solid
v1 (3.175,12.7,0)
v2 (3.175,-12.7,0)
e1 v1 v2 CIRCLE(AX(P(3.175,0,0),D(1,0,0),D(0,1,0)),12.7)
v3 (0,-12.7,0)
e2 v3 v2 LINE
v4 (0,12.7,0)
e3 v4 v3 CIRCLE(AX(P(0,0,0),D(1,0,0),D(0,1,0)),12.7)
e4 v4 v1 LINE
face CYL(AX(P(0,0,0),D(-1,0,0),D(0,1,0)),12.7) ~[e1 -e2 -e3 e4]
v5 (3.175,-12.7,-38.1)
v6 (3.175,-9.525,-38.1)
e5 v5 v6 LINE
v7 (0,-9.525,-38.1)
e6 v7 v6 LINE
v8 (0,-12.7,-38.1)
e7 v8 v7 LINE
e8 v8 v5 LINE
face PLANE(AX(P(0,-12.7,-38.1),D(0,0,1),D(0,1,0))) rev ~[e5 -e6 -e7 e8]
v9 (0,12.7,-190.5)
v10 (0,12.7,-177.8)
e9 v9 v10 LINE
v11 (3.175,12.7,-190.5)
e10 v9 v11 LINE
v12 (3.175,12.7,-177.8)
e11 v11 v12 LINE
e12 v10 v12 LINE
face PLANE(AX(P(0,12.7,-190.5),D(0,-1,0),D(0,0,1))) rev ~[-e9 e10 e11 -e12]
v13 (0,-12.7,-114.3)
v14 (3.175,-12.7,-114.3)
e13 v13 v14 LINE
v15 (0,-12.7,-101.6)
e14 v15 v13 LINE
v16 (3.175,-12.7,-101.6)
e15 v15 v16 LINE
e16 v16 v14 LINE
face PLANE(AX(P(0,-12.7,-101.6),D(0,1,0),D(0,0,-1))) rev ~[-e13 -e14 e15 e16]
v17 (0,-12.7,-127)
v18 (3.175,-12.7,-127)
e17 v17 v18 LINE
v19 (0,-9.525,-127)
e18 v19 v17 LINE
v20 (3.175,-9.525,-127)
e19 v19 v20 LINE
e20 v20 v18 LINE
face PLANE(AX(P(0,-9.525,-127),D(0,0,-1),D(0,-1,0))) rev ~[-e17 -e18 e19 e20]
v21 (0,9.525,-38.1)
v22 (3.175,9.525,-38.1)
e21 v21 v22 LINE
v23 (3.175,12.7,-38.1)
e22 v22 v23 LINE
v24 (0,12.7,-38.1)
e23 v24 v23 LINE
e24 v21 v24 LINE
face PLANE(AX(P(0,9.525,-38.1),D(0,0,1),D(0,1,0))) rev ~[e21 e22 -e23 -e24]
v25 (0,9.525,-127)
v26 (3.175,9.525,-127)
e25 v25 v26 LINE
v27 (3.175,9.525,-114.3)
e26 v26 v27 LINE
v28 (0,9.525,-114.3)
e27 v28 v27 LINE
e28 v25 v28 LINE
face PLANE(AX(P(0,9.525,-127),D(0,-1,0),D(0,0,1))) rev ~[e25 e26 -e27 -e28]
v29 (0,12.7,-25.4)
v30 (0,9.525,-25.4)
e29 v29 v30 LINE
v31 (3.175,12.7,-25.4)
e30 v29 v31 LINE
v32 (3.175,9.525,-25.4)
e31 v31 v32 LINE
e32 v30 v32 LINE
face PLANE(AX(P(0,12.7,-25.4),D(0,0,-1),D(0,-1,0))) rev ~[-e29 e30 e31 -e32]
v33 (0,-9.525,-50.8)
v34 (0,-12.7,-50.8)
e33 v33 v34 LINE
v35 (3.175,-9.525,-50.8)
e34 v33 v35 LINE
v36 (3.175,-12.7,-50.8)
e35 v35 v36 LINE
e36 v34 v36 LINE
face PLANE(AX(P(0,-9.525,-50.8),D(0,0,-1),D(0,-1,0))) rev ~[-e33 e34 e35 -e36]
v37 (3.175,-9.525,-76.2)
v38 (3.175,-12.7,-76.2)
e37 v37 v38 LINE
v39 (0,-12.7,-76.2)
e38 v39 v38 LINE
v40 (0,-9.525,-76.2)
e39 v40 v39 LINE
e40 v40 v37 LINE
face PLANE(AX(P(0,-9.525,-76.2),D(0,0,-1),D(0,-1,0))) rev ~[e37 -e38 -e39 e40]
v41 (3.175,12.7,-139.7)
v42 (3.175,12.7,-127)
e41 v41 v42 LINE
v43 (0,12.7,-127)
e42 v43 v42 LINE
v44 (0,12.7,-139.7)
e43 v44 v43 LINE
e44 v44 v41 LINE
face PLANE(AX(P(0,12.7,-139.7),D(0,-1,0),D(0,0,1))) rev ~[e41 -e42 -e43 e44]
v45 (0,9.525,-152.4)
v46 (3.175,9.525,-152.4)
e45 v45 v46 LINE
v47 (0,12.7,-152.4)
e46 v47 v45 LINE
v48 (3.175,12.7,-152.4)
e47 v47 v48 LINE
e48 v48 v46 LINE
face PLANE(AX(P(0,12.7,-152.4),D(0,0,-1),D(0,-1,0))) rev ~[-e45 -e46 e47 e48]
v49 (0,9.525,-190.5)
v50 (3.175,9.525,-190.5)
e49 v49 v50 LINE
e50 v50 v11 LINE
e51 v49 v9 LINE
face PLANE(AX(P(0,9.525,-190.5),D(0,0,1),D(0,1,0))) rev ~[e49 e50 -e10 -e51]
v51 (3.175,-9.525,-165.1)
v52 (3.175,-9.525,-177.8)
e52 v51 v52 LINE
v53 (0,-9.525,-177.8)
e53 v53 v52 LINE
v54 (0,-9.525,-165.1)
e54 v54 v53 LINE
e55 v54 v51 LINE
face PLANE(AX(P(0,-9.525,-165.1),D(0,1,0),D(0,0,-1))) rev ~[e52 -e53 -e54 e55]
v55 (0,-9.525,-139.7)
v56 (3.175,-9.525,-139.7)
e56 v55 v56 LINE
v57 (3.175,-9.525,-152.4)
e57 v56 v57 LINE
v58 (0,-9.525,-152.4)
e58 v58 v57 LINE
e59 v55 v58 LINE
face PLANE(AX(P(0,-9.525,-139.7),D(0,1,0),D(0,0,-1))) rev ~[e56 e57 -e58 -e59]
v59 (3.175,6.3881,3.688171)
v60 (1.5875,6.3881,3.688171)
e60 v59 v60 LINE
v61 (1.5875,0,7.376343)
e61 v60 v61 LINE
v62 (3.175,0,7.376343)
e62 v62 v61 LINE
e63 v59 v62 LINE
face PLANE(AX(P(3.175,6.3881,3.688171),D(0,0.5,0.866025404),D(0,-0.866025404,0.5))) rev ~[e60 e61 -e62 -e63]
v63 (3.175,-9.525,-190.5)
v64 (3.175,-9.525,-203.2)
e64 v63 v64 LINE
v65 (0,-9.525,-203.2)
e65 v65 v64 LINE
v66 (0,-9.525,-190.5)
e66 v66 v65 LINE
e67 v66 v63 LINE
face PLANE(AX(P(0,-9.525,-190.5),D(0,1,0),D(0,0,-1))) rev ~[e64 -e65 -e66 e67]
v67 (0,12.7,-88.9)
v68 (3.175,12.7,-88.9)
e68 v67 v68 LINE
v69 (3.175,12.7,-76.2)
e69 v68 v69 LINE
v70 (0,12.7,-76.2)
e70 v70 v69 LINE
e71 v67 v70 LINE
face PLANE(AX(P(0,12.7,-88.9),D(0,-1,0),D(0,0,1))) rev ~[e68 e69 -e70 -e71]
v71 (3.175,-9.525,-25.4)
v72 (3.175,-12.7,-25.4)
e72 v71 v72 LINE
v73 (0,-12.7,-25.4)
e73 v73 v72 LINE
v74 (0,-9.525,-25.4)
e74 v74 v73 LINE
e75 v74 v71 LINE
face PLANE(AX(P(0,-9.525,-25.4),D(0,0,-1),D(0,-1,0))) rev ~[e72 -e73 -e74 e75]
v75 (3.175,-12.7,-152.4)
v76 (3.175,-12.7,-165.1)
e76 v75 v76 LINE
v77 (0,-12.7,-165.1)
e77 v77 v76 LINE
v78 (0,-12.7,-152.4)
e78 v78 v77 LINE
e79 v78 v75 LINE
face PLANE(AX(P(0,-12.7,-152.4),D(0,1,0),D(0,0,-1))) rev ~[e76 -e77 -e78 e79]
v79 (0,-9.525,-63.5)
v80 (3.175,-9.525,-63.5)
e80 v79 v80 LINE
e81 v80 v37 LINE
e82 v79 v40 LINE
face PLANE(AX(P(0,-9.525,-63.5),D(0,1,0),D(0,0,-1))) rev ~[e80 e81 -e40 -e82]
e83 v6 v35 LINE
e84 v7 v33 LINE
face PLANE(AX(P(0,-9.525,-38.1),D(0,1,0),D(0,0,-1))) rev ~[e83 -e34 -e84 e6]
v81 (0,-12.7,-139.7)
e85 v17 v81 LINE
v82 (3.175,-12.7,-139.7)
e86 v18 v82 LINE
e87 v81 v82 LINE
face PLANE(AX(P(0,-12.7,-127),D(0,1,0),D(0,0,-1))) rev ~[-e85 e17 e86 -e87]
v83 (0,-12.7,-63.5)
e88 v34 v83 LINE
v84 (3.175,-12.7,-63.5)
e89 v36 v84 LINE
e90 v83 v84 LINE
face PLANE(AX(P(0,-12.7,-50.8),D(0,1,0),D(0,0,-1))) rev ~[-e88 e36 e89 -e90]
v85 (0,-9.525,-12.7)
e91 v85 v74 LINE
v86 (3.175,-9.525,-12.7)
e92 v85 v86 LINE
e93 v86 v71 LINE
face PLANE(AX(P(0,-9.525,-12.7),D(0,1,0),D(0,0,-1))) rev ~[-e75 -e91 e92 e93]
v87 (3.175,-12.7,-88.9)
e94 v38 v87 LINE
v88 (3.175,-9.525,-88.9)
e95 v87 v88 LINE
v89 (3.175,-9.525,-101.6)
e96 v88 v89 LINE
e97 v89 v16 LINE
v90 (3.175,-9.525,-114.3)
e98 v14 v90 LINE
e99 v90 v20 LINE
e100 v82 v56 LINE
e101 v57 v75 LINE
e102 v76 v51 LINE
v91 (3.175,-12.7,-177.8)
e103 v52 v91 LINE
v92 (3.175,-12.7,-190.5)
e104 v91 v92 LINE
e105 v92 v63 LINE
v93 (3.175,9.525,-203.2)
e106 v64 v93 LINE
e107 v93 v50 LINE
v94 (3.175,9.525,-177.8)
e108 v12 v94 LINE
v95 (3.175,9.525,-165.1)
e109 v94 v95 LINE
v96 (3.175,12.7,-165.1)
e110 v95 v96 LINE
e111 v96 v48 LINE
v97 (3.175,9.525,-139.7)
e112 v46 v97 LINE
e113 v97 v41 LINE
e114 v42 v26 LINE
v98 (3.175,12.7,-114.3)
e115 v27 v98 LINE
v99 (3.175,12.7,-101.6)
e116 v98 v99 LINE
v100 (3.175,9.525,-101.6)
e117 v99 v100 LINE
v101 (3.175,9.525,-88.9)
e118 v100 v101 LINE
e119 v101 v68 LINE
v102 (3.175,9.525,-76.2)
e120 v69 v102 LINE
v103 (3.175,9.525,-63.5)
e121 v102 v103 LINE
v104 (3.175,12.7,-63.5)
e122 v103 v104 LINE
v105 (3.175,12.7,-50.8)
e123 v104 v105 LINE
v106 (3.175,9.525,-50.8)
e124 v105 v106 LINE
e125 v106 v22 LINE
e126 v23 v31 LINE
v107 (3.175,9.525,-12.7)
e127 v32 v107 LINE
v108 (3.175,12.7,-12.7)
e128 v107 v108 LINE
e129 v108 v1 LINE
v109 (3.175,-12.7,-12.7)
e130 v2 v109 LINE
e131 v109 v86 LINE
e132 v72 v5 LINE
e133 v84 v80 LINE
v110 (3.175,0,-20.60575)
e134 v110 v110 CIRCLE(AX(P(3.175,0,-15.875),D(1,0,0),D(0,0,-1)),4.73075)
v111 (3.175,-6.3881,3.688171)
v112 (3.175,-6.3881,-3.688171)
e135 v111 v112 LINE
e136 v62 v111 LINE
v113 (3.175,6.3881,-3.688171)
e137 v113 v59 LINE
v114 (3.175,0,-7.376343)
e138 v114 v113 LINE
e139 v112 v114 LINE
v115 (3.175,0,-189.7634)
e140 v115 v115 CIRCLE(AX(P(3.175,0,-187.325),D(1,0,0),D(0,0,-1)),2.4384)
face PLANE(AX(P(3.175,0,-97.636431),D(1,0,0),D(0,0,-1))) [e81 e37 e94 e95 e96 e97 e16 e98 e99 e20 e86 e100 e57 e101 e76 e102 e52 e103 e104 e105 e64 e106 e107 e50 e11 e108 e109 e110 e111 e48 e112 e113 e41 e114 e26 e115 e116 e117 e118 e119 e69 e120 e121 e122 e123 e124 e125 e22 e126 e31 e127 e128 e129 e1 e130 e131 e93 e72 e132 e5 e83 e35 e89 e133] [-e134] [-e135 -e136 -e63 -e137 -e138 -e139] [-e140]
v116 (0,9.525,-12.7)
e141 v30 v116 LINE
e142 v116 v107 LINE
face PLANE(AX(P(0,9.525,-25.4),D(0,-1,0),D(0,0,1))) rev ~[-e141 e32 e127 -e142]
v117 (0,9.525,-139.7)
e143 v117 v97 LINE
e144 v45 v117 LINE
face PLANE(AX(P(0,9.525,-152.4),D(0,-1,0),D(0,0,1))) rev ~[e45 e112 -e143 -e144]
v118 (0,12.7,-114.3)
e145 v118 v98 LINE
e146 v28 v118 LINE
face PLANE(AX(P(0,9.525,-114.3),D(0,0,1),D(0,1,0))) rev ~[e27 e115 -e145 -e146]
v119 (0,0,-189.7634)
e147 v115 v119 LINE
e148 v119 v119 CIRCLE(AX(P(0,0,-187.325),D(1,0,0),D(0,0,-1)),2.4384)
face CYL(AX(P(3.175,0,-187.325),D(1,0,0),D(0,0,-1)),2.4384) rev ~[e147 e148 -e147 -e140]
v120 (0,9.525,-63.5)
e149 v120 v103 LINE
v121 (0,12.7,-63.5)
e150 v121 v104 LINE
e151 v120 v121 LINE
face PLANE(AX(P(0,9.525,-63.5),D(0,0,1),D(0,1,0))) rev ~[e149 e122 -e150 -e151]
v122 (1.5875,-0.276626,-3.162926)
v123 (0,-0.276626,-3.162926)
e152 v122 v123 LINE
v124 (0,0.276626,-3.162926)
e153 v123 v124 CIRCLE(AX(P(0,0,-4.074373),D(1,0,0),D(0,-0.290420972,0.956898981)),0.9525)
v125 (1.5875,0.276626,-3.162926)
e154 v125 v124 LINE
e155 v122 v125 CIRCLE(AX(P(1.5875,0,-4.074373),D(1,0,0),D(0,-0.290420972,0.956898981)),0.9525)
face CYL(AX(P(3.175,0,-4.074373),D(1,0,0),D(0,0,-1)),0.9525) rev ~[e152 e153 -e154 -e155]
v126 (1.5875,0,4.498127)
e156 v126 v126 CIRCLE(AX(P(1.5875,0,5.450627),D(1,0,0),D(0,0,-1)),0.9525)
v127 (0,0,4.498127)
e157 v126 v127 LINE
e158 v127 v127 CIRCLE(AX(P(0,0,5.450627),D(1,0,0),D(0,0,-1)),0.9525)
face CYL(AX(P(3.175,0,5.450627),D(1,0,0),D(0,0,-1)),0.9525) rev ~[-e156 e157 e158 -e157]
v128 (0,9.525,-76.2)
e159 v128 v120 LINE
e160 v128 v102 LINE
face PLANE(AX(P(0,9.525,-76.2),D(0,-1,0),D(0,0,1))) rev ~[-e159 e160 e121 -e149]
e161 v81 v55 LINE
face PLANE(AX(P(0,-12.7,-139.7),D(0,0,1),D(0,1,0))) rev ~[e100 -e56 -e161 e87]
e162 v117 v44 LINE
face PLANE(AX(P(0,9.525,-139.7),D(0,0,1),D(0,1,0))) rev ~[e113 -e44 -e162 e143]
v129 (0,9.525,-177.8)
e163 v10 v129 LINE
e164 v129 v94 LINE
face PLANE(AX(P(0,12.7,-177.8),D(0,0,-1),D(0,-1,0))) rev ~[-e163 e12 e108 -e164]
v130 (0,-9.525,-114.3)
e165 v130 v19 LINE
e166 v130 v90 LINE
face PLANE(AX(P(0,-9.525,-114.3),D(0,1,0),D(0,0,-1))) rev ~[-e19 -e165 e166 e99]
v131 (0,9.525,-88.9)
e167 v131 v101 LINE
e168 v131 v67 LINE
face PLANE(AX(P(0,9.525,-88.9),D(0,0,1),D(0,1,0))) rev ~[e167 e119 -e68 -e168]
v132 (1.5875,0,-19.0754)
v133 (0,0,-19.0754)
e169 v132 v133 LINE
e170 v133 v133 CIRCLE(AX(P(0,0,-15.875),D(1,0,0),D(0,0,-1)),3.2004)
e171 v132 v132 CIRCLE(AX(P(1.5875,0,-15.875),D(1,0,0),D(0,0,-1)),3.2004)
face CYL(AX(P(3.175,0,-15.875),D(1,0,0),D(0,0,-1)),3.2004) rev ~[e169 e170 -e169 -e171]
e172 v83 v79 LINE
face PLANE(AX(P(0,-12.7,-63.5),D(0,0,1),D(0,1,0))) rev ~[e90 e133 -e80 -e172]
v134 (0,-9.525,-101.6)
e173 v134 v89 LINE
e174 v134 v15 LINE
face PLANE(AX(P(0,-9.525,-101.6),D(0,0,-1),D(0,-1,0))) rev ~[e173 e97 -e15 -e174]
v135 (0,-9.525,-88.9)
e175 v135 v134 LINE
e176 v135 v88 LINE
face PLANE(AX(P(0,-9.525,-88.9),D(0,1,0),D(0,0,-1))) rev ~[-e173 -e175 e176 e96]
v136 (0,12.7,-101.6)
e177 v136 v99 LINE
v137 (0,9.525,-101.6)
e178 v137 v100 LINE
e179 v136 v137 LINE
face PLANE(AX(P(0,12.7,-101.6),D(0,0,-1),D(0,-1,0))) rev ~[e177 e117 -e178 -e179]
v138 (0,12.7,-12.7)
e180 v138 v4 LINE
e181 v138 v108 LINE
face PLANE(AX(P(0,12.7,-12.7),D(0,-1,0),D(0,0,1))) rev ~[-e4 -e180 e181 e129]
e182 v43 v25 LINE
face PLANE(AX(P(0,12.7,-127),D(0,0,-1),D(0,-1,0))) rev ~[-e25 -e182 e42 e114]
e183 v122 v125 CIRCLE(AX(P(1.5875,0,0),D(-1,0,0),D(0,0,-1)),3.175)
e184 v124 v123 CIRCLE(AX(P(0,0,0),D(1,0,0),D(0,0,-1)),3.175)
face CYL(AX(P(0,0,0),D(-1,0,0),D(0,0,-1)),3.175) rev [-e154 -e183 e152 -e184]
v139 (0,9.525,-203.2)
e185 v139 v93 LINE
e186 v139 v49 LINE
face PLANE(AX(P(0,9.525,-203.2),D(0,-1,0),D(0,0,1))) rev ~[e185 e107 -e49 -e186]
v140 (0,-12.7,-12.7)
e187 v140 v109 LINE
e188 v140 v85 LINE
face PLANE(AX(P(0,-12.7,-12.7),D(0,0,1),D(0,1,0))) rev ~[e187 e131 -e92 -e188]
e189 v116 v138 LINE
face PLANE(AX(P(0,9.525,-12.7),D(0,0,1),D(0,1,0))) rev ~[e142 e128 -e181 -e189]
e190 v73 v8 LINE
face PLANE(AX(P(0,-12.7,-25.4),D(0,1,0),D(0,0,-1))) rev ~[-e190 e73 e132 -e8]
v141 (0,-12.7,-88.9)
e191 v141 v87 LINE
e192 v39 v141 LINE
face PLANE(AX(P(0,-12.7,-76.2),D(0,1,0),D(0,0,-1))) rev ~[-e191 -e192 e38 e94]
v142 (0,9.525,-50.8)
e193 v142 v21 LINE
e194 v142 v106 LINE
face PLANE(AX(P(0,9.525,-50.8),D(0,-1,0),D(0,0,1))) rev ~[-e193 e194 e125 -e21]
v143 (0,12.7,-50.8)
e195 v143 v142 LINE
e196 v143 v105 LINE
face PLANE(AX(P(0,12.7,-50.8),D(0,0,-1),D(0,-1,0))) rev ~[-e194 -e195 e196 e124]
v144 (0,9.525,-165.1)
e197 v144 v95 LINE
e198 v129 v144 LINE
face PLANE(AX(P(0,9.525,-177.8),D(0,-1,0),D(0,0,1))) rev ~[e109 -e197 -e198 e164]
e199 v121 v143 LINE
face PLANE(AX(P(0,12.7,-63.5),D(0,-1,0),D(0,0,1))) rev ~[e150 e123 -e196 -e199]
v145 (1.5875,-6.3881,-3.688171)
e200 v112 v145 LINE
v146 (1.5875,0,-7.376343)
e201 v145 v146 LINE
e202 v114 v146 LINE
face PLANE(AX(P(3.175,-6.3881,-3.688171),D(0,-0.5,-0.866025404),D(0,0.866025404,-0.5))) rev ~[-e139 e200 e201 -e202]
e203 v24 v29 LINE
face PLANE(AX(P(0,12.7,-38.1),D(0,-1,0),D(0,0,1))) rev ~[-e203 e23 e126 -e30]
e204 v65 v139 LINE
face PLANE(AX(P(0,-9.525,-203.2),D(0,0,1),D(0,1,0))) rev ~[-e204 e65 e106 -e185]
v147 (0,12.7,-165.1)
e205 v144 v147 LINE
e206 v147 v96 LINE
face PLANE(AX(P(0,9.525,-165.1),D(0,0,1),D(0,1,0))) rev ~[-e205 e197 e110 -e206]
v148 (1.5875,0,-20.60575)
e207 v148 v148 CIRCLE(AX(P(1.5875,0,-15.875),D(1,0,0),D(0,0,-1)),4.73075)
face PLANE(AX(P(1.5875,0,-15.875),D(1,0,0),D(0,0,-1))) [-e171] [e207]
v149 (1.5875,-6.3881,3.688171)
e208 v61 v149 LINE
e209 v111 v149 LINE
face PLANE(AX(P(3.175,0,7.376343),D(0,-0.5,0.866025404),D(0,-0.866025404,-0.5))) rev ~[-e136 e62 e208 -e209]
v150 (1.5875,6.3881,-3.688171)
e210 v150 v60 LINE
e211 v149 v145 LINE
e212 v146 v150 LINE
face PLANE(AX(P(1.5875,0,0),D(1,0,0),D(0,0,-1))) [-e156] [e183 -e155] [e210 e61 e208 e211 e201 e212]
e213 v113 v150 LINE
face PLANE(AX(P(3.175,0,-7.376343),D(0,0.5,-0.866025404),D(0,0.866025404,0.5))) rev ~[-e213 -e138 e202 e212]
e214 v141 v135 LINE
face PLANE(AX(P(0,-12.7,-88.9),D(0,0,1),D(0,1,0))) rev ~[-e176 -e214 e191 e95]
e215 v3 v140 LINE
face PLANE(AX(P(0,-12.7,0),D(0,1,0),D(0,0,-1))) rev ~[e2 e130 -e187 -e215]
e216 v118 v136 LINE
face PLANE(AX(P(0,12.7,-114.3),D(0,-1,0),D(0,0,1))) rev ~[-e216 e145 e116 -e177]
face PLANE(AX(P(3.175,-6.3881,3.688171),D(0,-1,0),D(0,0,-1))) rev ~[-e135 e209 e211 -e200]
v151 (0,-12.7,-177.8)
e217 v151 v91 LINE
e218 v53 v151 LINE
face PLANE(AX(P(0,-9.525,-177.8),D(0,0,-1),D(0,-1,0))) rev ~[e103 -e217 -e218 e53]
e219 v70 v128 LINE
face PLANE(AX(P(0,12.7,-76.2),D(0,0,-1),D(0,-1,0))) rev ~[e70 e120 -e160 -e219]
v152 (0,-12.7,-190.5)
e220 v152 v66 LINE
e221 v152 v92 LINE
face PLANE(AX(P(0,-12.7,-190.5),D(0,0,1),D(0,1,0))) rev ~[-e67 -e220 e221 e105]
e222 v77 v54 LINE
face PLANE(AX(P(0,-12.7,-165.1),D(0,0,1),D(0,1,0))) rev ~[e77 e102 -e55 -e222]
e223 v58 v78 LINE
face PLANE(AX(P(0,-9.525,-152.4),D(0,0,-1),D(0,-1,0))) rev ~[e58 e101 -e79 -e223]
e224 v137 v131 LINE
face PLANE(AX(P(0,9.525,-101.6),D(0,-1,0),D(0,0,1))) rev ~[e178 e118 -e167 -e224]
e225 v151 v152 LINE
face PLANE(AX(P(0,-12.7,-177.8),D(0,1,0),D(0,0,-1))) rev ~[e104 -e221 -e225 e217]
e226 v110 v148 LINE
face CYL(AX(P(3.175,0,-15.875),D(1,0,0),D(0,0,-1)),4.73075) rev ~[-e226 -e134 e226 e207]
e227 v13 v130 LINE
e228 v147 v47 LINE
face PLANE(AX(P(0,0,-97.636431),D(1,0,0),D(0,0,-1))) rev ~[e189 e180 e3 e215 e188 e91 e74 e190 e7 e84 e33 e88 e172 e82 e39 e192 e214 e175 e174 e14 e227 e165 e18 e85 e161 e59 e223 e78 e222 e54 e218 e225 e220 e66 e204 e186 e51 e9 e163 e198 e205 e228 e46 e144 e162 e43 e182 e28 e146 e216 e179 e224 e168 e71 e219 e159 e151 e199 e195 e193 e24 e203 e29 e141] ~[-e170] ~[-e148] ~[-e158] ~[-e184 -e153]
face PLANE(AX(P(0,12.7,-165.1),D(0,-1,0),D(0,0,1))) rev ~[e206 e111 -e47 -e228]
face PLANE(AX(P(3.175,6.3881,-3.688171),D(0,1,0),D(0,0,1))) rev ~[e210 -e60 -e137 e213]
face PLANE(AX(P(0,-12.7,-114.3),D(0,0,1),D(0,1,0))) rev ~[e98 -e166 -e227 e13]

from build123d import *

# Parameters (mm, degrees)
SKETCH1_R           = 3.175
BOSS_EXTRUDE1_DEPTH = 3.175
SKETCH2_R           = 3.2004
SKETCH2_R_2         = 2.4384
CUT_EXTRUDE2_DEPTH  = 204.621243059
SKETCH3_R           = 4.73075
CUT_EXTRUDE3_DEPTH  = 1.5875
SKETCH5_R           = 0.9525
CUT_EXTRUDE4_DEPTH  = 204.621243059


with BuildPart() as part:
    # Sketch1 → Boss-Extrude1 (new body)
    with BuildSketch(Plane(origin=(0, 0, 0), x_dir=(0, 0, -1), z_dir=(1, 0, 0))):
        with BuildLine():
            Line((12.7, 12.7), (0, 12.7))
            ThreePointArc((0, 12.7), (-12.7, 0), (0, -12.7))
            Line((0, -12.7), (12.7, -12.7))
            Line((12.7, -12.7), (12.7, -9.525))
            Line((12.7, -9.525), (25.4, -9.525))
            Line((25.4, -9.525), (25.4, -12.7))
            Line((25.4, -12.7), (38.1, -12.7))
            Line((38.1, -12.7), (38.1, -9.525))
            Line((38.1, -9.525), (50.8, -9.525))
            Line((50.8, -9.525), (50.8, -12.7))
            Line((50.8, -12.7), (63.5, -12.7))
            Line((63.5, -12.7), (63.5, -9.525))
            Line((63.5, -9.525), (76.2, -9.525))
            Line((76.2, -9.525), (76.2, -12.7))
            Line((76.2, -12.7), (88.9, -12.7))
            Line((88.9, -12.7), (88.9, -9.525))
            Line((88.9, -9.525), (101.6, -9.525))
            Line((101.6, -9.525), (101.6, -12.7))
            Line((101.6, -12.7), (114.3, -12.7))
            Line((114.3, -12.7), (114.3, -9.525))
            Line((114.3, -9.525), (127, -9.525))
            Line((127, -9.525), (127, -12.7))
            Line((127, -12.7), (139.7, -12.7))
            Line((139.7, -12.7), (139.7, -9.525))
            Line((139.7, -9.525), (152.4, -9.525))
            Line((152.4, -9.525), (152.4, -12.7))
            Line((152.4, -12.7), (165.1, -12.7))
            Line((165.1, -12.7), (165.1, -9.525))
            Line((165.1, -9.525), (177.8, -9.525))
            Line((177.8, -9.525), (177.8, -12.7))
            Line((177.8, -12.7), (190.5, -12.7))
            Line((190.5, -12.7), (190.5, -9.525))
            Line((190.5, -9.525), (203.2, -9.525))
            Line((203.2, -9.525), (203.2, 9.525))
            Line((203.2, 9.525), (190.5, 9.525))
            Line((190.5, 9.525), (190.5, 12.7))
            Line((190.5, 12.7), (177.8, 12.7))
            Line((177.8, 12.7), (177.8, 9.525))
            Line((177.8, 9.525), (165.1, 9.525))
            Line((165.1, 9.525), (165.1, 12.7))
            Line((165.1, 12.7), (152.4, 12.7))
            Line((152.4, 12.7), (152.4, 9.525))
            Line((152.4, 9.525), (139.7, 9.525))
            Line((139.7, 9.525), (139.7, 12.7))
            Line((139.7, 12.7), (127, 12.7))
            Line((127, 12.7), (127, 9.525))
            Line((127, 9.525), (114.3, 9.525))
            Line((114.3, 9.525), (114.3, 12.7))
            Line((114.3, 12.7), (101.6, 12.7))
            Line((101.6, 12.7), (101.6, 9.525))
            Line((101.6, 9.525), (88.9, 9.525))
            Line((88.9, 9.525), (88.9, 12.7))
            Line((88.9, 12.7), (76.2, 12.7))
            Line((76.2, 12.7), (76.2, 9.525))
            Line((76.2, 9.525), (63.5, 9.525))
            Line((63.5, 9.525), (63.5, 12.7))
            Line((63.5, 12.7), (50.8, 12.7))
            Line((50.8, 12.7), (50.8, 9.525))
            Line((50.8, 9.525), (38.1, 9.525))
            Line((38.1, 9.525), (38.1, 12.7))
            Line((38.1, 12.7), (25.4, 12.7))
            Line((25.4, 12.7), (25.4, 9.525))
            Line((25.4, 9.525), (12.7, 9.525))
            Line((12.7, 9.525), (12.7, 12.7))
        make_face()
        Circle(SKETCH1_R, mode=Mode.SUBTRACT)
    extrude(amount=BOSS_EXTRUDE1_DEPTH)

    # Sketch2 → Cut-Extrude2 (cut, through all)
    with BuildSketch(Plane(origin=(3.175, 0, 0), x_dir=(0, 0, -1), z_dir=(1, 0, 0))):
        with Locations((15.875, 0)):
            Circle(SKETCH2_R)
        with Locations((187.325, 0)):
            Circle(SKETCH2_R_2)
    extrude(amount=-CUT_EXTRUDE2_DEPTH, mode=Mode.SUBTRACT)

    # Sketch3 → Cut-Extrude3 (cut)
    with BuildSketch(Plane(origin=(3.175, 0, 0), x_dir=(0, 0, -1), z_dir=(1, 0, 0))):
        with Locations((15.875, 0)):
            Circle(SKETCH3_R)
        Polygon((3.688171255, -6.3881), (7.376342509, 0), (3.688171255, 6.3881), (-3.688171255, 6.3881), (-7.376342509, 0), (-3.688171255, -6.3881), align=None)
    extrude(amount=-CUT_EXTRUDE3_DEPTH, mode=Mode.SUBTRACT)

    # Sketch5 → Cut-Extrude4 (cut, through all)
    with BuildSketch(Plane(origin=(3.175, 0, 0), x_dir=(0, 0, -1), z_dir=(1, 0, 0))):
        with Locations((-5.450627375, 0)):
            Circle(SKETCH5_R)
        with Locations((4.074372625, 0)):
            Circle(SKETCH5_R)
    extrude(amount=-CUT_EXTRUDE4_DEPTH, mode=Mode.SUBTRACT)


solid = part.part
